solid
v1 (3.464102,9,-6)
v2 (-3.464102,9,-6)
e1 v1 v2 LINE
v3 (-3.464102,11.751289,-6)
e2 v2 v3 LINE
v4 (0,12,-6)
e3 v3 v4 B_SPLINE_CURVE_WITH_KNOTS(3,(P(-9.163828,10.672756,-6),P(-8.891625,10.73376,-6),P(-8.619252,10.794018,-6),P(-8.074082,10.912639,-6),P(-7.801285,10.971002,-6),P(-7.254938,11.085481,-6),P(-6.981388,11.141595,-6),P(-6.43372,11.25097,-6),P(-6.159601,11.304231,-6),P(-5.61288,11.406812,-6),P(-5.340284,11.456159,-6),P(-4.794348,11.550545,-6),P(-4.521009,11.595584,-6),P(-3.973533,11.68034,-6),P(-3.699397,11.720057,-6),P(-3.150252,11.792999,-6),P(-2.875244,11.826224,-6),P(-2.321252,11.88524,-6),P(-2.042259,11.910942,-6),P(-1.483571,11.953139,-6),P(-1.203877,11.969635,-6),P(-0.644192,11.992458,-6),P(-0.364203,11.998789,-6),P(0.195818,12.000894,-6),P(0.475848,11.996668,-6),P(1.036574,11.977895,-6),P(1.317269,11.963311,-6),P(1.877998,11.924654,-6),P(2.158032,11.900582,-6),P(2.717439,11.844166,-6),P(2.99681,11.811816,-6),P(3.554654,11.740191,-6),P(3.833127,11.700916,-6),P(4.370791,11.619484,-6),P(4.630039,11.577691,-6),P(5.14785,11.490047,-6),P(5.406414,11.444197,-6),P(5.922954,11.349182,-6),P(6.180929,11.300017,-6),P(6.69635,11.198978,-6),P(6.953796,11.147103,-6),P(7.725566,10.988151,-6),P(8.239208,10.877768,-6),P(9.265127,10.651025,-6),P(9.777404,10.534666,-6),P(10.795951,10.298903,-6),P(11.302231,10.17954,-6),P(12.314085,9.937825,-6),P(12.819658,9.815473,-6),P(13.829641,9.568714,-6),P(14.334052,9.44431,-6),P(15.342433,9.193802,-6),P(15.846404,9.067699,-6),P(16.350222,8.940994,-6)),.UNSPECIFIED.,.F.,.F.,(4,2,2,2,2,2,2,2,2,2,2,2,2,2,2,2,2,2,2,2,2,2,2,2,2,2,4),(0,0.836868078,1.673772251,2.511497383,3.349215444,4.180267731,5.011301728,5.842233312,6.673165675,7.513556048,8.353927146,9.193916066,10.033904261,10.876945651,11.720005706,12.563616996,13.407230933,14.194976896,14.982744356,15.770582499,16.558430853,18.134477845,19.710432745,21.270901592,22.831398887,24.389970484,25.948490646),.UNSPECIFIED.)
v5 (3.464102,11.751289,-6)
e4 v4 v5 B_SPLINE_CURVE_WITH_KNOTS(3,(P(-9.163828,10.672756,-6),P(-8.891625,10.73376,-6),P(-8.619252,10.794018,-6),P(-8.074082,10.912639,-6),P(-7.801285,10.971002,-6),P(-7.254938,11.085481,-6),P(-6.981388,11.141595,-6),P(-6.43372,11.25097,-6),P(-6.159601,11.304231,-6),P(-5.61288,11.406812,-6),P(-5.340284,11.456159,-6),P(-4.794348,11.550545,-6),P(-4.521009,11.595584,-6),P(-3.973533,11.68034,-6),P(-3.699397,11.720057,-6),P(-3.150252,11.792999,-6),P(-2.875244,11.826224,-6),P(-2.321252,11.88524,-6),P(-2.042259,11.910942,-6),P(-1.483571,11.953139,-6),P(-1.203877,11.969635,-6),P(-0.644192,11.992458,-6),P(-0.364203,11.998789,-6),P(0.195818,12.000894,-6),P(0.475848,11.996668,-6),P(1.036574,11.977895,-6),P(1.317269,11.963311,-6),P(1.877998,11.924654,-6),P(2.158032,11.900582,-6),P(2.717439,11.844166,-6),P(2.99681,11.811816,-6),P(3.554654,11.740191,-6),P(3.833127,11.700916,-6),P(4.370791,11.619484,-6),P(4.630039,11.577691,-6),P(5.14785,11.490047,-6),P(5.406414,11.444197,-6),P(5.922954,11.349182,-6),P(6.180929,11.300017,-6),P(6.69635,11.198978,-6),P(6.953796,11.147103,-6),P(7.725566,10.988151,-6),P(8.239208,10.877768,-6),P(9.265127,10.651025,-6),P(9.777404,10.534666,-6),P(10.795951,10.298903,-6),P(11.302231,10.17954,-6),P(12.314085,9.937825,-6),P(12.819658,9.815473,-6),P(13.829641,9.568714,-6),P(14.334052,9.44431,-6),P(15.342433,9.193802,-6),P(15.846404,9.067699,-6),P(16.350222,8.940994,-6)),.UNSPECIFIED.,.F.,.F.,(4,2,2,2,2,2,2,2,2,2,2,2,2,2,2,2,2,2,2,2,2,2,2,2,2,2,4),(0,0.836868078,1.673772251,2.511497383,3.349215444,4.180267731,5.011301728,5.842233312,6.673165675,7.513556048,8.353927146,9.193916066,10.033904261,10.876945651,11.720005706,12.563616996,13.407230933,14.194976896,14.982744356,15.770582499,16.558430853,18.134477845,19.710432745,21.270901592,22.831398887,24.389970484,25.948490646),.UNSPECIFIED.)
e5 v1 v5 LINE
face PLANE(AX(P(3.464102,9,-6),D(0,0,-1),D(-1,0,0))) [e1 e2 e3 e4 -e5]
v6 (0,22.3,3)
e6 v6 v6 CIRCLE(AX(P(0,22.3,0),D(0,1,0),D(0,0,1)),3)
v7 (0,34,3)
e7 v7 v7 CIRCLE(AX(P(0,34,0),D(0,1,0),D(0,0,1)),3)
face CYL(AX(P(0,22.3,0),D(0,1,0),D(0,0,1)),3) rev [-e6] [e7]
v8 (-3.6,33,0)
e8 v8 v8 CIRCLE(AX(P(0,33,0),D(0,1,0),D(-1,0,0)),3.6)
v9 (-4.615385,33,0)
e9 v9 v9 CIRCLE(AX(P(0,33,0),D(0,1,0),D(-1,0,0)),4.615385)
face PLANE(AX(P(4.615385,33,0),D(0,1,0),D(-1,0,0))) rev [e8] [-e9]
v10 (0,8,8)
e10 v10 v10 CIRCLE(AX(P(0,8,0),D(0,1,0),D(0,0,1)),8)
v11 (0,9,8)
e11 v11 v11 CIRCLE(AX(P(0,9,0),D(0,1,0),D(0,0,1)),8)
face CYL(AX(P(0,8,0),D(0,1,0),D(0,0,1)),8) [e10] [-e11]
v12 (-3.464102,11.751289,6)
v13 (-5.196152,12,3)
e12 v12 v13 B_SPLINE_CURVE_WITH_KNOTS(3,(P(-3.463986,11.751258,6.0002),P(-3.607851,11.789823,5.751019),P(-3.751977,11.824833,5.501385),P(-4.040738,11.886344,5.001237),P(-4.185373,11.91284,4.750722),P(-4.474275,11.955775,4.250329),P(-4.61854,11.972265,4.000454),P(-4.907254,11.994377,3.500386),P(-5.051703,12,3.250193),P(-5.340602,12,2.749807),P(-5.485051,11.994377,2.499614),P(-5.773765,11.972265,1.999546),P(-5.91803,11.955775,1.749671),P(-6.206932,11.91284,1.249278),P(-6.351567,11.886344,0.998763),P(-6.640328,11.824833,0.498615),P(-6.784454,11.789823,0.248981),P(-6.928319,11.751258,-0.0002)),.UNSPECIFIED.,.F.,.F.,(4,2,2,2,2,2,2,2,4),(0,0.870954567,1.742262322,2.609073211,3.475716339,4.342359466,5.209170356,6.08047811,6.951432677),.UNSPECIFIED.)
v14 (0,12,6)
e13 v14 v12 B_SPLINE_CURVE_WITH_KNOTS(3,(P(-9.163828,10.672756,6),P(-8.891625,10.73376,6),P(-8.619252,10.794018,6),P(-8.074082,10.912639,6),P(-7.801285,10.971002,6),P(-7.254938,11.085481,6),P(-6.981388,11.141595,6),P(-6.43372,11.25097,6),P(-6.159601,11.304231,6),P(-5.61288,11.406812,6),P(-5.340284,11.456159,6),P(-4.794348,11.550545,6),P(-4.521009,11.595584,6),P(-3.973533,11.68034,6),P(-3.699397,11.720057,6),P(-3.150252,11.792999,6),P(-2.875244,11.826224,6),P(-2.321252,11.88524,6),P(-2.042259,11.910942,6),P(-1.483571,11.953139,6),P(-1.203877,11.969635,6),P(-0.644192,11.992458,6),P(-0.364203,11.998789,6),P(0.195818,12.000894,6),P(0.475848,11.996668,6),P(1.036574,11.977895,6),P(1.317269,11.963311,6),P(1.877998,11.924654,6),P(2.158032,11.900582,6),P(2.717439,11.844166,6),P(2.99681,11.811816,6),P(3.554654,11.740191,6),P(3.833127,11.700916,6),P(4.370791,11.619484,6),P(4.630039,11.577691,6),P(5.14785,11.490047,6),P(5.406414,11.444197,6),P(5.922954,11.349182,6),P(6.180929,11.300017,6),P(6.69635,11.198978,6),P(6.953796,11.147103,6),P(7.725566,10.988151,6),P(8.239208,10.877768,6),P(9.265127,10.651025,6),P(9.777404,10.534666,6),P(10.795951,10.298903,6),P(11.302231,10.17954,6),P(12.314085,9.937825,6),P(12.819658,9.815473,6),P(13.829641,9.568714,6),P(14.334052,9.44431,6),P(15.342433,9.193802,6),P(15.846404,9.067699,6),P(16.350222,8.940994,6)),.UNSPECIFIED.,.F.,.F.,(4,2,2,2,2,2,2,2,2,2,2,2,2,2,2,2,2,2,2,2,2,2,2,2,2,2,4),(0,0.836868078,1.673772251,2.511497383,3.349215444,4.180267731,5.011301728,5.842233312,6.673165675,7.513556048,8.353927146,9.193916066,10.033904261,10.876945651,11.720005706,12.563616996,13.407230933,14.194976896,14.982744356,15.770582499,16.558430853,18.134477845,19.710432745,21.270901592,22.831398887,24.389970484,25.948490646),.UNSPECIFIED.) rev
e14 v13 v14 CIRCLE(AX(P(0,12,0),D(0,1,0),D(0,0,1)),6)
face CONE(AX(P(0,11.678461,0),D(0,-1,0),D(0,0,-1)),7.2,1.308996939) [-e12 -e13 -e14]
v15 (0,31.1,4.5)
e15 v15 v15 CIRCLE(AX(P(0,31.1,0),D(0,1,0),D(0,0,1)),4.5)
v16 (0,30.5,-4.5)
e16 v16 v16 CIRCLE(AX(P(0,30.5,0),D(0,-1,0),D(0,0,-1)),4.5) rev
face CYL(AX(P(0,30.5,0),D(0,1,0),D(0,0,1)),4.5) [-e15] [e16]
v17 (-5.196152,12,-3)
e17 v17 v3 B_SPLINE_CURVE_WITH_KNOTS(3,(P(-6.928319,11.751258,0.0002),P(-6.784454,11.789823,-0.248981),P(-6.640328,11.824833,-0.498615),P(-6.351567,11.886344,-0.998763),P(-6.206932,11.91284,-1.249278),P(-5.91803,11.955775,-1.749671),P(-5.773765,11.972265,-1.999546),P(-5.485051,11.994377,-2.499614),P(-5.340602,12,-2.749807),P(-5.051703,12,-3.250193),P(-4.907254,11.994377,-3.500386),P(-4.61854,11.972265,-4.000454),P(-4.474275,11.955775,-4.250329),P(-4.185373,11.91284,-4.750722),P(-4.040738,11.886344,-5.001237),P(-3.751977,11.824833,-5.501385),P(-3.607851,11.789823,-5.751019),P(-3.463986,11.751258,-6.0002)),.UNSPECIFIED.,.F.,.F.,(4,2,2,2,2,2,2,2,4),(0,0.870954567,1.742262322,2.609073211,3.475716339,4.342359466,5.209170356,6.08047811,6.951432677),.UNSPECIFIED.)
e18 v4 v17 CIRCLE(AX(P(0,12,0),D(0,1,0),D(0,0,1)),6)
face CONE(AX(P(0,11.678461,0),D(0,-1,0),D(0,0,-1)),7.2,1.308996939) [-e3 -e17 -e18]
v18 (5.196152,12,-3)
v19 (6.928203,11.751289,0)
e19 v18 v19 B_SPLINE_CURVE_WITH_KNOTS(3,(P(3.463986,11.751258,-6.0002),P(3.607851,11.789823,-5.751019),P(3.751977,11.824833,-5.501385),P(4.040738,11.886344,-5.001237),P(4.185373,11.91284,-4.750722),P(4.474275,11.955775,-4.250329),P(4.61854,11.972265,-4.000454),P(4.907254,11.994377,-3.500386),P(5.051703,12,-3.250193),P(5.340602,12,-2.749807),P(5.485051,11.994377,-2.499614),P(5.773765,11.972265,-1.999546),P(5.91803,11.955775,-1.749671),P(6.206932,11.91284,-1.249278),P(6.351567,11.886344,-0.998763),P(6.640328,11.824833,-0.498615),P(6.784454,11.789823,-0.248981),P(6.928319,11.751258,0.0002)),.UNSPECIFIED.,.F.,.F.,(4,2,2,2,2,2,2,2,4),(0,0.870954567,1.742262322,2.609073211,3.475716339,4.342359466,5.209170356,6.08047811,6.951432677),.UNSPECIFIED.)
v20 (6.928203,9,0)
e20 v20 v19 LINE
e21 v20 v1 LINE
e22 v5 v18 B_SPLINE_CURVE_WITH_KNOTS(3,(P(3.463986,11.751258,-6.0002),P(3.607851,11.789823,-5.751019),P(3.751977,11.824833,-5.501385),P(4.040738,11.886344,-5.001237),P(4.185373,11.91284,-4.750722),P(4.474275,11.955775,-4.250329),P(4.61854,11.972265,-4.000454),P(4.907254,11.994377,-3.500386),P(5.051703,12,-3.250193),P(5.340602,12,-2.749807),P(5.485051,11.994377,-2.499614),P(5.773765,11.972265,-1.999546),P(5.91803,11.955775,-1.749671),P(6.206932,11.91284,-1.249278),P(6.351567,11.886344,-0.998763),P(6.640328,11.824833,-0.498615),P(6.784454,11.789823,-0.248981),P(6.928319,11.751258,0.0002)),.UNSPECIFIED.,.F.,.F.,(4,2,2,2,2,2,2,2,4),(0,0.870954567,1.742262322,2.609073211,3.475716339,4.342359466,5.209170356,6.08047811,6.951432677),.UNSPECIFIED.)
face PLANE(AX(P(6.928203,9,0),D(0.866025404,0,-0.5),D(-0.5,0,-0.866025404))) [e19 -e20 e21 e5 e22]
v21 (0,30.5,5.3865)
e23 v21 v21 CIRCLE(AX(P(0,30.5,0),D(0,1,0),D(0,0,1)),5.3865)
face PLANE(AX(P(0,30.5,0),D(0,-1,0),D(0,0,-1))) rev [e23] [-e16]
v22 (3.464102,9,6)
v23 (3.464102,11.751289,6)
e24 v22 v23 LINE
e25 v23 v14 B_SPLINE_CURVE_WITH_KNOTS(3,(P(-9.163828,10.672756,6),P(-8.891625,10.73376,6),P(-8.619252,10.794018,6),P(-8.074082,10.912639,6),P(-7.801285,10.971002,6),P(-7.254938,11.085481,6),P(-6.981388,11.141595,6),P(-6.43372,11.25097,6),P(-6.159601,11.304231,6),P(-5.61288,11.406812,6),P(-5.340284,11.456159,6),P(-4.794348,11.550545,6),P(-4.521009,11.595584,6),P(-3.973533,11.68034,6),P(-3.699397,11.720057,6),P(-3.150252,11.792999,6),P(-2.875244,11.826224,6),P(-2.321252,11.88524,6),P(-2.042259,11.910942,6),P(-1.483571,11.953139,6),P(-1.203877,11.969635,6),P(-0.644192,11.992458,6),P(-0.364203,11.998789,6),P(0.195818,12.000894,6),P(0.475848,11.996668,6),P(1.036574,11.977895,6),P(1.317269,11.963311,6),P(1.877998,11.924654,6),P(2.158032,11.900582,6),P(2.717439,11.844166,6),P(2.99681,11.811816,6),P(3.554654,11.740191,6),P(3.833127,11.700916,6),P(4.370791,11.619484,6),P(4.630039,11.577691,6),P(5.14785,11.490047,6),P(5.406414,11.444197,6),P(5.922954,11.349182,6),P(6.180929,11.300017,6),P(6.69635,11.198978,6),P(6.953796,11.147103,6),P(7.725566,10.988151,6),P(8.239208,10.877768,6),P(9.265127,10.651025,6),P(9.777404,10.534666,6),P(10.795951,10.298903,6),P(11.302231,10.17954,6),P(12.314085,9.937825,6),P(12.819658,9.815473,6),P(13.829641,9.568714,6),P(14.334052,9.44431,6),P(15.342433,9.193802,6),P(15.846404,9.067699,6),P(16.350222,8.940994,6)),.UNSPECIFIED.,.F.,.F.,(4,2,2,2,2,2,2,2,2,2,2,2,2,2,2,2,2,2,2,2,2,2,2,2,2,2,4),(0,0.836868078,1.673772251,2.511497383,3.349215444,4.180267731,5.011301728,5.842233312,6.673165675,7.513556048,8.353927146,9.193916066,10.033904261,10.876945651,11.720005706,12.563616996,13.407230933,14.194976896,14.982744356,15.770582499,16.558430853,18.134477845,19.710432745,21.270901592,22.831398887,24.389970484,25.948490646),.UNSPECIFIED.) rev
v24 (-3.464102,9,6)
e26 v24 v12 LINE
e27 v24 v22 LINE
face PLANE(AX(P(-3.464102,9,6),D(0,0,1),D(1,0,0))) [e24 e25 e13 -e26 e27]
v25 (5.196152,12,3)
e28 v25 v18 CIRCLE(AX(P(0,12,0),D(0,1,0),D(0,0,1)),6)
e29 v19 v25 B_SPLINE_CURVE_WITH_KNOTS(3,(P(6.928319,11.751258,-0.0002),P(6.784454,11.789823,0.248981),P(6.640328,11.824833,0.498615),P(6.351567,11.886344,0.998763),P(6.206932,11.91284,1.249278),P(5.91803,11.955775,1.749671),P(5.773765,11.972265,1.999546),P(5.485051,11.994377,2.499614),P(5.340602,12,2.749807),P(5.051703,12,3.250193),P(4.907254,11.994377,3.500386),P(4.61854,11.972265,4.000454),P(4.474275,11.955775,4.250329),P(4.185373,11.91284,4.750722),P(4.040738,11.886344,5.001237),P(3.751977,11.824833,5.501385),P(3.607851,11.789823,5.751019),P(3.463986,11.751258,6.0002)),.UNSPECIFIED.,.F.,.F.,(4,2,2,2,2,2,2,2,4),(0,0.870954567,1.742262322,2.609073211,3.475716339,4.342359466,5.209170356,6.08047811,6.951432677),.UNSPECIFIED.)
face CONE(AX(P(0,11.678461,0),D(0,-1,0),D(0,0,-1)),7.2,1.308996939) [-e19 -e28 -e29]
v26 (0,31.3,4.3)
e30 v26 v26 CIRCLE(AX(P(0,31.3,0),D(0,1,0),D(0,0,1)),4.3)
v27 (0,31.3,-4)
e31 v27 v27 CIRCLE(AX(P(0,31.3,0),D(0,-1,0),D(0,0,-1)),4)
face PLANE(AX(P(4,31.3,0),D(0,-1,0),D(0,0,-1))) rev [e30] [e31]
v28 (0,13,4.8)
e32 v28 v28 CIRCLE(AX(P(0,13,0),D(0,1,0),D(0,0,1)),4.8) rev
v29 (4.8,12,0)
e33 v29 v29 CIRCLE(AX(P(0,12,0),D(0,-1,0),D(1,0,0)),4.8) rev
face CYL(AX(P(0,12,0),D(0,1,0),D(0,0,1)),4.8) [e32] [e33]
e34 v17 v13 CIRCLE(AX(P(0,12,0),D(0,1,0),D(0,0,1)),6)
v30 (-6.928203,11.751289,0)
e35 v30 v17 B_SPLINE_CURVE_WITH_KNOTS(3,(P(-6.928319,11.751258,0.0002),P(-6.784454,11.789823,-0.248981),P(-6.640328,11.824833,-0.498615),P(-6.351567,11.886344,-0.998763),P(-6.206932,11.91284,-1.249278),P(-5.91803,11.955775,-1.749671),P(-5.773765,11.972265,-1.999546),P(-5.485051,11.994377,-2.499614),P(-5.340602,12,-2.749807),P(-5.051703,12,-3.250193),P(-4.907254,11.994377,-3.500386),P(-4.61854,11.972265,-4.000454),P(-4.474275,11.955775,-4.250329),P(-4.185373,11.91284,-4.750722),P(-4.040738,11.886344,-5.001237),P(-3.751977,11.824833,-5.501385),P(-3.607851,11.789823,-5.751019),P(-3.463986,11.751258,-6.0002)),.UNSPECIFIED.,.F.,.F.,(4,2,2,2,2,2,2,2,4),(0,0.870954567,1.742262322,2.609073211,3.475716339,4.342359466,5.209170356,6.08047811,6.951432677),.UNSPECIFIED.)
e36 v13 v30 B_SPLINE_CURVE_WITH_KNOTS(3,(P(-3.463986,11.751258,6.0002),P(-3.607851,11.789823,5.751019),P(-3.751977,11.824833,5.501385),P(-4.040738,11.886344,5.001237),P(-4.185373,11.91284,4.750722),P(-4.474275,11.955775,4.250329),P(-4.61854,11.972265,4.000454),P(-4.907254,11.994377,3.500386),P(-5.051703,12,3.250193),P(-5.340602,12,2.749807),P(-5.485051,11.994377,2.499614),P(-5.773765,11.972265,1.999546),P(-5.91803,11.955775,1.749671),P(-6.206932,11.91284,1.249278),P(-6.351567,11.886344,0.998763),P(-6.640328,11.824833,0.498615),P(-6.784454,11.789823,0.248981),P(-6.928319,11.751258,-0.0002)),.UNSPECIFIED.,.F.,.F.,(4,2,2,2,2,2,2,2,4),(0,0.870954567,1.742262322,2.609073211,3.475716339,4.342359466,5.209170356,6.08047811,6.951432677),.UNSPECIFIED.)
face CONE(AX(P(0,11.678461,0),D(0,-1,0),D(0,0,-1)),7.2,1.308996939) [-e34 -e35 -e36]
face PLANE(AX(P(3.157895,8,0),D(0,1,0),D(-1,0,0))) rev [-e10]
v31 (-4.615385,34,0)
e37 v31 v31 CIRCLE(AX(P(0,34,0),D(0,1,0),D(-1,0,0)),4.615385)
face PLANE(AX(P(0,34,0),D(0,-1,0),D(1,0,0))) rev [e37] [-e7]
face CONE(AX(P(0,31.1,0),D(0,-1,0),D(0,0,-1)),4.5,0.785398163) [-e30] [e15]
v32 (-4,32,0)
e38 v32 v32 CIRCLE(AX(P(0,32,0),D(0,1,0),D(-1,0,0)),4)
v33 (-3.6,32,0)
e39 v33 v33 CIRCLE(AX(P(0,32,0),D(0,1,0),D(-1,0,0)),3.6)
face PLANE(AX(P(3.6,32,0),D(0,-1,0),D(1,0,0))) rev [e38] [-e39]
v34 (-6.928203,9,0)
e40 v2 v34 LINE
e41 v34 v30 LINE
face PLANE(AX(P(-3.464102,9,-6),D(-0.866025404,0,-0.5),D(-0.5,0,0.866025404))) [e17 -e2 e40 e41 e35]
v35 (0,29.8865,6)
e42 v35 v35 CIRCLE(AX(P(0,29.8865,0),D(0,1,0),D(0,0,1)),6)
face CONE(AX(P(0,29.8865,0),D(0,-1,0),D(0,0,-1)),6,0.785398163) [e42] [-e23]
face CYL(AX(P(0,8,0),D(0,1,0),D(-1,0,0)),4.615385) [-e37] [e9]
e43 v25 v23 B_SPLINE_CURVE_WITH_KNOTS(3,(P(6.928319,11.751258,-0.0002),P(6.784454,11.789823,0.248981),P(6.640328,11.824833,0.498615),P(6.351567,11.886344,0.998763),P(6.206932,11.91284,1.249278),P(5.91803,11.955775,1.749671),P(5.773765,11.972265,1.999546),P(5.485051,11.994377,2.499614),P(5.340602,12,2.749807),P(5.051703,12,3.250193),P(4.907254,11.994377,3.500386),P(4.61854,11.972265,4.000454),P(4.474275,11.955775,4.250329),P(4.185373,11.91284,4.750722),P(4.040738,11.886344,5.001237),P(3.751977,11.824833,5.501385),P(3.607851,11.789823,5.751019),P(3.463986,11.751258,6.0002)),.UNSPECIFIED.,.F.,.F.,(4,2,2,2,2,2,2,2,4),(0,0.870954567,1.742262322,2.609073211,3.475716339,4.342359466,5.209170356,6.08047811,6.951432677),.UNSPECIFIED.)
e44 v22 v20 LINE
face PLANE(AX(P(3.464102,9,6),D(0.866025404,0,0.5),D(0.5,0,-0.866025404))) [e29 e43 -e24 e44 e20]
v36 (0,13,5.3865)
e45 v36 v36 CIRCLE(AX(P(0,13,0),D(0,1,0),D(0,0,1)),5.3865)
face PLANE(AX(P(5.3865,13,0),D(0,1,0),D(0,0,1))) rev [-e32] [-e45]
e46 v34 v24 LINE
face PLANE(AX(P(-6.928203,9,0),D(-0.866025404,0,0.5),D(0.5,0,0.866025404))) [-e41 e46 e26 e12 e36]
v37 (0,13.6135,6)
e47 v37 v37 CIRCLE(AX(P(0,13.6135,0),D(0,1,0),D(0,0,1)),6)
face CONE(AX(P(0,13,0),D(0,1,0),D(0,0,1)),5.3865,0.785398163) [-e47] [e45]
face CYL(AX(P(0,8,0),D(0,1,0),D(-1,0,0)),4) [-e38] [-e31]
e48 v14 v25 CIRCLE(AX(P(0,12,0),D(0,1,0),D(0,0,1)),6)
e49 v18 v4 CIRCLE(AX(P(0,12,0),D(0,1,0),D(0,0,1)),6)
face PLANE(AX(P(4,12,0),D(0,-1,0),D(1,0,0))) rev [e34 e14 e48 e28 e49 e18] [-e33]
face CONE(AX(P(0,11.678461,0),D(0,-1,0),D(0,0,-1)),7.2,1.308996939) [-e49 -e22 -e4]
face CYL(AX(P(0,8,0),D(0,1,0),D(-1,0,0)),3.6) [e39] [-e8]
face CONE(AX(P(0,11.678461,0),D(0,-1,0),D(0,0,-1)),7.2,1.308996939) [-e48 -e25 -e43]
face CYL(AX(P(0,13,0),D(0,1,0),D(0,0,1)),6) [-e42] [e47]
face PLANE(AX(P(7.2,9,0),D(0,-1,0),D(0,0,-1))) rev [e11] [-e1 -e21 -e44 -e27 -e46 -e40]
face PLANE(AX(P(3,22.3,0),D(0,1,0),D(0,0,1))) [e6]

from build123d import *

# Parameters (mm, degrees)
SKETCH5_W          = 34
SKETCH5_H          = 34
CUT_EXTRUDE1_DEPTH = 3
SKETCH6_W          = 3
SKETCH6_H          = 11.7
SKETCH7_W          = 4.8
SKETCH7_H          = 1


with BuildPart() as part:
    # Sketch1 → Revolve1 (revolve)
    with BuildSketch(Plane.XY):
        Polygon((0, 34), (4.615384615, 34), (4.615384615, 33), (3.6, 33), (3.6, 32), (4, 32), (4, 12), (4.8, 12), (4.8, 9.5), (3.157894737, 9.5), (3.157894737, 8), (0, 8), align=None)
    revolve(axis=Axis((0, 8, 0), (0, 1, 0)))

    # Sketch2 → Revolve2 (revolve)
    with BuildSketch(Plane.XY):
        Polygon((0, 30.5), (5.3865, 30.5), (6, 29.8865), (6, 13.6135), (5.3865, 13), (0, 13), align=None)
    revolve(axis=Axis((0, 13, 0), (0, 1, 0)))

    # Sketch3 → Revolve3 (revolve)
    with BuildSketch(Plane.XY):
        Polygon((0, 32), (3.5, 32), (4, 31.3), (4.3, 31.3), (4.5, 31.1), (4.5, 30.5), (0, 30.5), align=None)
    revolve(axis=Axis((0, 30.5, 0), (0, 1, 0)))

    # Sketch4 → Revolve4 (revolve)
    with BuildSketch(Plane.XY):
        Polygon((0, 12), (6, 12), (7.2, 11.678460969), (7.2, 9), (8, 9), (8, 8), (0, 8), align=None)
    revolve(axis=Axis((0, 8, 0), (0, 1, 0)))

    # Sketch5 → Cut-Extrude1 (cut)
    with BuildSketch(Plane(origin=(0, 12, 0), x_dir=(-1, 0, 0), z_dir=(0, 1, 0))):
        Rectangle(SKETCH5_W, SKETCH5_H)
        Polygon((6.92820323, 0), (3.464101615, 6), (-3.464101615, 6), (-6.92820323, 0), (-3.464101615, -6), (3.464101615, -6), align=None, mode=Mode.SUBTRACT)
    extrude(amount=-CUT_EXTRUDE1_DEPTH, mode=Mode.SUBTRACT)

    # Sketch6 → Cut-Revolve1 (revolve, cut)
    with BuildSketch(Plane.XY):
        with Locations((1.5, 28.15)):
            Rectangle(SKETCH6_W, SKETCH6_H)
    revolve(axis=Axis((0, 22.3, 0), (0, 1, 0)), mode=Mode.SUBTRACT)

    # Sketch7 → Revolve5 (revolve)
    with BuildSketch(Plane.XY):
        with Locations((2.4, 12.5)):
            Rectangle(SKETCH7_W, SKETCH7_H)
    revolve(axis=Axis((0, 12, 0), (0, 1, 0)))


solid = part.part
